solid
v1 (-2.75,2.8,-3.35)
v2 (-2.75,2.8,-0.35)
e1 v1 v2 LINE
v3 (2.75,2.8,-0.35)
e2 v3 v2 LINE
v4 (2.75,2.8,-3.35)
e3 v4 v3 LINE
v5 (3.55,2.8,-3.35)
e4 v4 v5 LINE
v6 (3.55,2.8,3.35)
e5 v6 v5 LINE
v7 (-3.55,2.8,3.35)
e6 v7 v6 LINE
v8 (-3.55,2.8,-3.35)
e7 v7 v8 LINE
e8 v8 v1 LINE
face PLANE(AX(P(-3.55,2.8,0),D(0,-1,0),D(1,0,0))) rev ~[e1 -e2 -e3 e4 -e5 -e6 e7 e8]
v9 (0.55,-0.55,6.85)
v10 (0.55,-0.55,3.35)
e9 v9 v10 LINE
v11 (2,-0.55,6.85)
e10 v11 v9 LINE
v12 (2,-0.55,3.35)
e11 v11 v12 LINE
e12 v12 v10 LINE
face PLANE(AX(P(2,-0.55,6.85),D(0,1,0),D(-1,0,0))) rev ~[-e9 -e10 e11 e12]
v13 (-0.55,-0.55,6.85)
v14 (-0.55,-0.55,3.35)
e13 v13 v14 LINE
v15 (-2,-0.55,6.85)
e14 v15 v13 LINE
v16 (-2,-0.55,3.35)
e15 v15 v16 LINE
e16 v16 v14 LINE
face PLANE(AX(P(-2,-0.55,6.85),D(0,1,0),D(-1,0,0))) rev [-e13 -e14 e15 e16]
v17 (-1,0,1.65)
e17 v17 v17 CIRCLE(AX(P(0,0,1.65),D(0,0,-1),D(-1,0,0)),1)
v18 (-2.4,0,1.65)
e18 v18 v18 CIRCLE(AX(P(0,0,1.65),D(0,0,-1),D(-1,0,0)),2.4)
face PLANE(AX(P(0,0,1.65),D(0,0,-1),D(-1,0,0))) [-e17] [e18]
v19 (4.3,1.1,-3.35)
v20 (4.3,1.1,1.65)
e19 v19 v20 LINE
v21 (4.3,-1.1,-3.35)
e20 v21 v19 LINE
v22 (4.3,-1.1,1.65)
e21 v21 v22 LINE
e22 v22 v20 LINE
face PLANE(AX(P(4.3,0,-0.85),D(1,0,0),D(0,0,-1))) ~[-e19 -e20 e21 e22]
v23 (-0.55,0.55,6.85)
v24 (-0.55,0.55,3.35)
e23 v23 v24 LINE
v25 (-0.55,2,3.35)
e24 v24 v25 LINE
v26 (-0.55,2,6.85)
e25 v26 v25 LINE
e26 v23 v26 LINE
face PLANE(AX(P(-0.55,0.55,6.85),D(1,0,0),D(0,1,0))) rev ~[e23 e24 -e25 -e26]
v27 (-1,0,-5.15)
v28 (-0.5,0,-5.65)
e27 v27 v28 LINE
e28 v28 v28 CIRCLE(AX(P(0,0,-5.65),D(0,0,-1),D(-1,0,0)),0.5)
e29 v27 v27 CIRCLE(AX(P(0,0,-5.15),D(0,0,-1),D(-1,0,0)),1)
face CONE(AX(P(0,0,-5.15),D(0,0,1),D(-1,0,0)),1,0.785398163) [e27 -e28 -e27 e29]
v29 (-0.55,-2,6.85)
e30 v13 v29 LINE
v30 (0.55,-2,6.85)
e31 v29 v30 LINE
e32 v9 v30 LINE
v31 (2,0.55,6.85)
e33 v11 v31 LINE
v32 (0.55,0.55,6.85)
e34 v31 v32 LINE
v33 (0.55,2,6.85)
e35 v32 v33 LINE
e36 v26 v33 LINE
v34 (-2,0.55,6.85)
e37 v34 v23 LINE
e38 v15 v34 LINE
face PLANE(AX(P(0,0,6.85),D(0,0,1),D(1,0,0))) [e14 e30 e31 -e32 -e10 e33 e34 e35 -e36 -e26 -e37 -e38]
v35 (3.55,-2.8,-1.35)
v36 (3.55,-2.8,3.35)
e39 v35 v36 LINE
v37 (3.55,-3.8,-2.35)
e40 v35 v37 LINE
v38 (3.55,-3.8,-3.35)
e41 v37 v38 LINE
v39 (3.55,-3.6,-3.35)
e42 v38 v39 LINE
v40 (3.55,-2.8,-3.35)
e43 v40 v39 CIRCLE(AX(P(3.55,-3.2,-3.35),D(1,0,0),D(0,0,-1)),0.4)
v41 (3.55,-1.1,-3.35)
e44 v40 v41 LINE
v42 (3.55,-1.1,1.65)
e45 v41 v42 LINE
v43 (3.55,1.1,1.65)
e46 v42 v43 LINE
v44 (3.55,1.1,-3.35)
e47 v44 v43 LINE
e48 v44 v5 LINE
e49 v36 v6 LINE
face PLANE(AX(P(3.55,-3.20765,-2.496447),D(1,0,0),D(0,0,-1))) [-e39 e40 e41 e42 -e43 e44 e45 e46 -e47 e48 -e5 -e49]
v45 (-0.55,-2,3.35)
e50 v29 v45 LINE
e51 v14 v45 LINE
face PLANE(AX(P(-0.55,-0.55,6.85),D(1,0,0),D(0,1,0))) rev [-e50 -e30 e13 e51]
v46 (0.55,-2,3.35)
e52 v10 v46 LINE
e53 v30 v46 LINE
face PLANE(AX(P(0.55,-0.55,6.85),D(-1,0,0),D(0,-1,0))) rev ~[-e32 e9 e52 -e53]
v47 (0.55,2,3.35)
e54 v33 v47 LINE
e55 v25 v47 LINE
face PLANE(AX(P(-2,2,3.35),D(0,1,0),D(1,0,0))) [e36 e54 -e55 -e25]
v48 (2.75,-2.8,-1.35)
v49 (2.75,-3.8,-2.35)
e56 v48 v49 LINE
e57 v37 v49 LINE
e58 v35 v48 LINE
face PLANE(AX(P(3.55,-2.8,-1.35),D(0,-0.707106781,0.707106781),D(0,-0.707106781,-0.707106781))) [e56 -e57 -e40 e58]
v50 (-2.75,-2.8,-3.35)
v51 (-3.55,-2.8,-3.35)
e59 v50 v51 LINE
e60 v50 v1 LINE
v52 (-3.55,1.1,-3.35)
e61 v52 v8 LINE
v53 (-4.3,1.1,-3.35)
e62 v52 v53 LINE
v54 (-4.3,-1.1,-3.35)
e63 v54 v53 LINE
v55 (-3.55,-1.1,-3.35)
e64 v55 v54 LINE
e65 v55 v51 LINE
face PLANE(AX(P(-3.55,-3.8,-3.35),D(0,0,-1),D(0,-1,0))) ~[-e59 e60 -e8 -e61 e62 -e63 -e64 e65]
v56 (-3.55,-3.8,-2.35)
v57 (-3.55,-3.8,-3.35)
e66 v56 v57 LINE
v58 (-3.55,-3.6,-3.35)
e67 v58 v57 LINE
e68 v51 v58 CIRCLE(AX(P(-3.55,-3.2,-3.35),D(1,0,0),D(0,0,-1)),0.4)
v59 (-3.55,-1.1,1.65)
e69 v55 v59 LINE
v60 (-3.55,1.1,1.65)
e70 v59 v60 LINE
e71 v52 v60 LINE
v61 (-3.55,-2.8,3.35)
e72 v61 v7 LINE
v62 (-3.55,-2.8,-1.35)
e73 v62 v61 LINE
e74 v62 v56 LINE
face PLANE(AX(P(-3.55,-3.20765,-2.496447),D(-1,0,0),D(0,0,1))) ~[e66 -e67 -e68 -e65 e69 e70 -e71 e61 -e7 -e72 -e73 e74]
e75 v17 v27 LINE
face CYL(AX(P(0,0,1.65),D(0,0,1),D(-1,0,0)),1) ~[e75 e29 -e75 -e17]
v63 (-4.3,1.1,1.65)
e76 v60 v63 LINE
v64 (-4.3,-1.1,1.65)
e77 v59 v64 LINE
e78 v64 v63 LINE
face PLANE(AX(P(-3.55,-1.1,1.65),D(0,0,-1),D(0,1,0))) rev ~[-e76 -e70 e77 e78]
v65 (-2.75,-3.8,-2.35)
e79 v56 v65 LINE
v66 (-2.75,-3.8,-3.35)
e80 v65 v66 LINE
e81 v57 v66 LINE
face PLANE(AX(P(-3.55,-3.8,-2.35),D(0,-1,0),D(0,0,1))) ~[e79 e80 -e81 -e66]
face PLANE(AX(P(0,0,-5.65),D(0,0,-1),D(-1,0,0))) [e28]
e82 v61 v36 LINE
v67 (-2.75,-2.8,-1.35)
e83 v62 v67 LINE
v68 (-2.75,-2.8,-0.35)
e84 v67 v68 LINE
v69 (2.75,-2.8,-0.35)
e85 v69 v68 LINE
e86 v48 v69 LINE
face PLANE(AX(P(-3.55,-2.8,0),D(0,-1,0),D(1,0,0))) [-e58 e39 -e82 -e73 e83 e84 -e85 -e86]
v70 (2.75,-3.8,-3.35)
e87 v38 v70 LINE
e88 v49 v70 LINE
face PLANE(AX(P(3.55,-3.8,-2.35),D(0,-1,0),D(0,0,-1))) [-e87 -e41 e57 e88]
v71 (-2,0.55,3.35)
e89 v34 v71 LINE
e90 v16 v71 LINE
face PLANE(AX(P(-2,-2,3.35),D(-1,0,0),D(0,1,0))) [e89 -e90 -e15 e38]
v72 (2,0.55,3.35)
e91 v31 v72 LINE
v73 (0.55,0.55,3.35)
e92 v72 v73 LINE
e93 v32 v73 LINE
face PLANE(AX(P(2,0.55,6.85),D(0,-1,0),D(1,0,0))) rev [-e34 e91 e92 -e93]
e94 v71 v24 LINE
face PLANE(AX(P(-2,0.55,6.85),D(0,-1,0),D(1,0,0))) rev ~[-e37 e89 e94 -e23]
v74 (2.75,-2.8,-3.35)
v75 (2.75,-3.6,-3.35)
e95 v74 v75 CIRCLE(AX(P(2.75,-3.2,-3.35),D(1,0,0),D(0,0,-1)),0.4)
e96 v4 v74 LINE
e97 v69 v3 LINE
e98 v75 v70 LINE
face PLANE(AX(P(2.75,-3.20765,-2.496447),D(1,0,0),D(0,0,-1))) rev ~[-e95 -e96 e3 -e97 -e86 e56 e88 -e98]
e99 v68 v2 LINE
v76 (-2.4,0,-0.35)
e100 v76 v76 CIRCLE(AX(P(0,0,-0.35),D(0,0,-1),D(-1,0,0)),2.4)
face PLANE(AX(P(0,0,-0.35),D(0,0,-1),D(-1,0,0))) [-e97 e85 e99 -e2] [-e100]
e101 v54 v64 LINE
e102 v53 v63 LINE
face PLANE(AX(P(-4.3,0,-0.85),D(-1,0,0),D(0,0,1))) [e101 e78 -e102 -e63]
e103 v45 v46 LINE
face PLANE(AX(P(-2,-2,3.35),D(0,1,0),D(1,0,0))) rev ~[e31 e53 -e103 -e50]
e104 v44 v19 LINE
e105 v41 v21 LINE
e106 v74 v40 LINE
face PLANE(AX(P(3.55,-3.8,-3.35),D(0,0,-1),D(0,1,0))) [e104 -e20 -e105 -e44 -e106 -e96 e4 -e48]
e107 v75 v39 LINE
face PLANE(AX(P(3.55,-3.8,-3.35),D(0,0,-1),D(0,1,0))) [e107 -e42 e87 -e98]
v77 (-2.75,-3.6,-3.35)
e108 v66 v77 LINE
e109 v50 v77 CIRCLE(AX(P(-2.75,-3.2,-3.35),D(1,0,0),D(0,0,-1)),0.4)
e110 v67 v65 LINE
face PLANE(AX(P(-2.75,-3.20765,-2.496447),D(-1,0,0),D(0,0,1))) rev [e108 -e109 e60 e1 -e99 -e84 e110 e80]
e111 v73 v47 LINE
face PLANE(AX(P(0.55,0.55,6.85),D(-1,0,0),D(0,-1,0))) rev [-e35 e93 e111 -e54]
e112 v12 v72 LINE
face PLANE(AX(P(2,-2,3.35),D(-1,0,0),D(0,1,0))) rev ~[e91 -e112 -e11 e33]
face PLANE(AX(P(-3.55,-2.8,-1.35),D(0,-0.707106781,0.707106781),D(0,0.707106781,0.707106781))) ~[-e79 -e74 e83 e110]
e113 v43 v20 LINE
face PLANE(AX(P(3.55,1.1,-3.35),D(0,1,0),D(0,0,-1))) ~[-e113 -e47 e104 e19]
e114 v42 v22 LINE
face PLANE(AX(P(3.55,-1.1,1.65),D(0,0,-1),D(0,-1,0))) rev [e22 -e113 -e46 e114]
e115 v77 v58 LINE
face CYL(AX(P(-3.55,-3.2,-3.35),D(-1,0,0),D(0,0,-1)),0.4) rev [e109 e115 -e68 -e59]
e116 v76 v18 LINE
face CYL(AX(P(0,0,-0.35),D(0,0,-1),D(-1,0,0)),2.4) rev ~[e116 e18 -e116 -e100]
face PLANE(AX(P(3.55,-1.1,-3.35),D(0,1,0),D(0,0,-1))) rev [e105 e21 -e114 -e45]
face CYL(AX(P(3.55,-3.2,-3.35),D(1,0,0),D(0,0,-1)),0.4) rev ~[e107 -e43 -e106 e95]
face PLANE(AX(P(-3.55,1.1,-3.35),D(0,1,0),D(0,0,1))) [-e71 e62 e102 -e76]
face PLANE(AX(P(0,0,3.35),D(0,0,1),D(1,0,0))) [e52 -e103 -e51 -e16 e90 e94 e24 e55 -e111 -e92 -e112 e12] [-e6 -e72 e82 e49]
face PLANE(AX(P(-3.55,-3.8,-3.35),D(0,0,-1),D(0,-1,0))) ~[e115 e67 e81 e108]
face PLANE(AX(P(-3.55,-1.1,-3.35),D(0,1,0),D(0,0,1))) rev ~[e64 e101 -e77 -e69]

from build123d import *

# Parameters (mm, degrees)
SKETCH1_W               = 7.1
SKETCH1_H               = 5.6
BOSS_EXTRUDE1_DEPTH     = 3.35
SKETCH2_W               = 4
SKETCH2_H               = 4
BOSS_EXTRUDE2_DEPTH     = 3.5
SKETCH3_W               = 1.45
SKETCH3_H               = 1.45
CUT_EXTRUDE1_DEPTH      = 3.5
MIRROR2_COPY_1_SKETCH_W = 1.45
MIRROR2_COPY_1_SKETCH_H = 1.45
MIRROR2_COPY_1_DEPTH    = 3.5
SKETCH4_W               = 5
SKETCH4_H               = 2.2
BOSS_EXTRUDE3_DEPTH     = 0.75
SKETCH5_W               = 5.5
SKETCH5_H               = 5.6
CUT_EXTRUDE2_DEPTH      = 3
SKETCH6_R               = 2.4
CUT_EXTRUDE3_DEPTH      = 2
SKETCH7_R               = 1
BOSS_EXTRUDE4_DEPTH     = 7.3
CHAMFER1_SIZE           = 0.5
BOSS_EXTRUDE5_DEPTH     = 0.8
SKETCH9_R               = 0.4
CUT_EXTRUDE4_DEPTH      = 0.8


with BuildPart() as part:
    # Sketch1 → Boss-Extrude1 (new, symmetric)
    with BuildSketch(Plane.XY):
        Rectangle(SKETCH1_W, SKETCH1_H)
    extrude(amount=BOSS_EXTRUDE1_DEPTH, both=True)

    # Sketch2 → Boss-Extrude2 (add)
    with BuildSketch(Plane.XY.offset(3.35)):
        Rectangle(SKETCH2_W, SKETCH2_H)
    extrude(amount=BOSS_EXTRUDE2_DEPTH)

    # Sketch3 → Cut-Extrude1 (cut)
    with BuildSketch(Plane.XY.offset(6.85)):
        with Locations((-1.275, 1.275)):
            Rectangle(SKETCH3_W, SKETCH3_H)
    cut_extrude1 = extrude(amount=-CUT_EXTRUDE1_DEPTH, mode=Mode.SUBTRACT)

    # Mirror1: Cut-Extrude1 across plane
    add(cut_extrude1.mirror(Plane(origin=(0, 0, 0), x_dir=(0, 0, 1), z_dir=(1, 0, 0))), mode=Mode.SUBTRACT)

    # Mirror2: Cut-Extrude1 across plane
    add(cut_extrude1.mirror(Plane.ZX), mode=Mode.SUBTRACT)

    # Mirror2 copy 1 sketch → Mirror2 copy 1 (cut)
    with BuildSketch(Plane(origin=(0, 0, 6.85), x_dir=(-1, 0, 0), z_dir=(0, 0, 1))):
        with Locations((-1.275, 1.275)):
            Rectangle(MIRROR2_COPY_1_SKETCH_W, MIRROR2_COPY_1_SKETCH_H)
    extrude(amount=-MIRROR2_COPY_1_DEPTH, mode=Mode.SUBTRACT)

    # Sketch4 → Boss-Extrude3 (add)
    with BuildSketch(Plane.ZY.offset(3.55)):
        with Locations((-0.85, 0)):
            Rectangle(SKETCH4_W, SKETCH4_H)
    boss_extrude3 = extrude(amount=BOSS_EXTRUDE3_DEPTH)

    # Mirror3: Boss-Extrude3 across plane
    add(boss_extrude3.mirror(Plane(origin=(0, 0, 0), x_dir=(0, 0, 1), z_dir=(1, 0, 0))))

    # Sketch5 → Cut-Extrude2 (cut)
    with BuildSketch(Plane(origin=(0, 0, -3.35), x_dir=(-1, 0, 0), z_dir=(0, 0, -1))):
        Rectangle(SKETCH5_W, SKETCH5_H)
    extrude(amount=-CUT_EXTRUDE2_DEPTH, mode=Mode.SUBTRACT)

    # Sketch6 → Cut-Extrude3 (cut)
    with BuildSketch(Plane(origin=(0, 0, -0.35), x_dir=(-1, 0, 0), z_dir=(0, 0, -1))):
        Circle(SKETCH6_R)
    extrude(amount=-CUT_EXTRUDE3_DEPTH, mode=Mode.SUBTRACT)

    # Sketch7 → Boss-Extrude4 (add)
    with BuildSketch(Plane(origin=(0, 0, 1.65), x_dir=(-1, 0, 0), z_dir=(0, 0, -1))):
        Circle(SKETCH7_R)
    extrude(amount=BOSS_EXTRUDE4_DEPTH)

    # Chamfer1
    chamfer1_edges = [part.edges().sort_by_distance(p)[0] for p in [
        (1, 0, -5.65),
    ]]
    chamfer(chamfer1_edges, length=CHAMFER1_SIZE)

    # Sketch8 → Boss-Extrude5 (add)
    with BuildSketch(Plane(origin=(3.55, 0, 0), x_dir=(0, 0, -1), z_dir=(1, 0, 0))):
        Polygon((1.35, -2.8), (2.35, -3.8), (3.35, -3.8), (3.35, -2.8), align=None)
    boss_extrude5 = extrude(amount=-BOSS_EXTRUDE5_DEPTH)

    # Sketch9 → Cut-Extrude4 (cut)
    with BuildSketch(Plane(origin=(3.55, 0, 0), x_dir=(0, 0, -1), z_dir=(1, 0, 0))):
        with Locations((3.35, -3.2)):
            Circle(SKETCH9_R)
    cut_extrude4 = extrude(amount=-CUT_EXTRUDE4_DEPTH, mode=Mode.SUBTRACT)

    # Mirror4: Boss-Extrude5, Cut-Extrude4 across plane
    add(boss_extrude5.mirror(Plane(origin=(0, 0, 0), x_dir=(0, 0, 1), z_dir=(1, 0, 0))))
    add(cut_extrude4.mirror(Plane(origin=(0, 0, 0), x_dir=(0, 0, 1), z_dir=(1, 0, 0))), mode=Mode.SUBTRACT)


solid = part.part
